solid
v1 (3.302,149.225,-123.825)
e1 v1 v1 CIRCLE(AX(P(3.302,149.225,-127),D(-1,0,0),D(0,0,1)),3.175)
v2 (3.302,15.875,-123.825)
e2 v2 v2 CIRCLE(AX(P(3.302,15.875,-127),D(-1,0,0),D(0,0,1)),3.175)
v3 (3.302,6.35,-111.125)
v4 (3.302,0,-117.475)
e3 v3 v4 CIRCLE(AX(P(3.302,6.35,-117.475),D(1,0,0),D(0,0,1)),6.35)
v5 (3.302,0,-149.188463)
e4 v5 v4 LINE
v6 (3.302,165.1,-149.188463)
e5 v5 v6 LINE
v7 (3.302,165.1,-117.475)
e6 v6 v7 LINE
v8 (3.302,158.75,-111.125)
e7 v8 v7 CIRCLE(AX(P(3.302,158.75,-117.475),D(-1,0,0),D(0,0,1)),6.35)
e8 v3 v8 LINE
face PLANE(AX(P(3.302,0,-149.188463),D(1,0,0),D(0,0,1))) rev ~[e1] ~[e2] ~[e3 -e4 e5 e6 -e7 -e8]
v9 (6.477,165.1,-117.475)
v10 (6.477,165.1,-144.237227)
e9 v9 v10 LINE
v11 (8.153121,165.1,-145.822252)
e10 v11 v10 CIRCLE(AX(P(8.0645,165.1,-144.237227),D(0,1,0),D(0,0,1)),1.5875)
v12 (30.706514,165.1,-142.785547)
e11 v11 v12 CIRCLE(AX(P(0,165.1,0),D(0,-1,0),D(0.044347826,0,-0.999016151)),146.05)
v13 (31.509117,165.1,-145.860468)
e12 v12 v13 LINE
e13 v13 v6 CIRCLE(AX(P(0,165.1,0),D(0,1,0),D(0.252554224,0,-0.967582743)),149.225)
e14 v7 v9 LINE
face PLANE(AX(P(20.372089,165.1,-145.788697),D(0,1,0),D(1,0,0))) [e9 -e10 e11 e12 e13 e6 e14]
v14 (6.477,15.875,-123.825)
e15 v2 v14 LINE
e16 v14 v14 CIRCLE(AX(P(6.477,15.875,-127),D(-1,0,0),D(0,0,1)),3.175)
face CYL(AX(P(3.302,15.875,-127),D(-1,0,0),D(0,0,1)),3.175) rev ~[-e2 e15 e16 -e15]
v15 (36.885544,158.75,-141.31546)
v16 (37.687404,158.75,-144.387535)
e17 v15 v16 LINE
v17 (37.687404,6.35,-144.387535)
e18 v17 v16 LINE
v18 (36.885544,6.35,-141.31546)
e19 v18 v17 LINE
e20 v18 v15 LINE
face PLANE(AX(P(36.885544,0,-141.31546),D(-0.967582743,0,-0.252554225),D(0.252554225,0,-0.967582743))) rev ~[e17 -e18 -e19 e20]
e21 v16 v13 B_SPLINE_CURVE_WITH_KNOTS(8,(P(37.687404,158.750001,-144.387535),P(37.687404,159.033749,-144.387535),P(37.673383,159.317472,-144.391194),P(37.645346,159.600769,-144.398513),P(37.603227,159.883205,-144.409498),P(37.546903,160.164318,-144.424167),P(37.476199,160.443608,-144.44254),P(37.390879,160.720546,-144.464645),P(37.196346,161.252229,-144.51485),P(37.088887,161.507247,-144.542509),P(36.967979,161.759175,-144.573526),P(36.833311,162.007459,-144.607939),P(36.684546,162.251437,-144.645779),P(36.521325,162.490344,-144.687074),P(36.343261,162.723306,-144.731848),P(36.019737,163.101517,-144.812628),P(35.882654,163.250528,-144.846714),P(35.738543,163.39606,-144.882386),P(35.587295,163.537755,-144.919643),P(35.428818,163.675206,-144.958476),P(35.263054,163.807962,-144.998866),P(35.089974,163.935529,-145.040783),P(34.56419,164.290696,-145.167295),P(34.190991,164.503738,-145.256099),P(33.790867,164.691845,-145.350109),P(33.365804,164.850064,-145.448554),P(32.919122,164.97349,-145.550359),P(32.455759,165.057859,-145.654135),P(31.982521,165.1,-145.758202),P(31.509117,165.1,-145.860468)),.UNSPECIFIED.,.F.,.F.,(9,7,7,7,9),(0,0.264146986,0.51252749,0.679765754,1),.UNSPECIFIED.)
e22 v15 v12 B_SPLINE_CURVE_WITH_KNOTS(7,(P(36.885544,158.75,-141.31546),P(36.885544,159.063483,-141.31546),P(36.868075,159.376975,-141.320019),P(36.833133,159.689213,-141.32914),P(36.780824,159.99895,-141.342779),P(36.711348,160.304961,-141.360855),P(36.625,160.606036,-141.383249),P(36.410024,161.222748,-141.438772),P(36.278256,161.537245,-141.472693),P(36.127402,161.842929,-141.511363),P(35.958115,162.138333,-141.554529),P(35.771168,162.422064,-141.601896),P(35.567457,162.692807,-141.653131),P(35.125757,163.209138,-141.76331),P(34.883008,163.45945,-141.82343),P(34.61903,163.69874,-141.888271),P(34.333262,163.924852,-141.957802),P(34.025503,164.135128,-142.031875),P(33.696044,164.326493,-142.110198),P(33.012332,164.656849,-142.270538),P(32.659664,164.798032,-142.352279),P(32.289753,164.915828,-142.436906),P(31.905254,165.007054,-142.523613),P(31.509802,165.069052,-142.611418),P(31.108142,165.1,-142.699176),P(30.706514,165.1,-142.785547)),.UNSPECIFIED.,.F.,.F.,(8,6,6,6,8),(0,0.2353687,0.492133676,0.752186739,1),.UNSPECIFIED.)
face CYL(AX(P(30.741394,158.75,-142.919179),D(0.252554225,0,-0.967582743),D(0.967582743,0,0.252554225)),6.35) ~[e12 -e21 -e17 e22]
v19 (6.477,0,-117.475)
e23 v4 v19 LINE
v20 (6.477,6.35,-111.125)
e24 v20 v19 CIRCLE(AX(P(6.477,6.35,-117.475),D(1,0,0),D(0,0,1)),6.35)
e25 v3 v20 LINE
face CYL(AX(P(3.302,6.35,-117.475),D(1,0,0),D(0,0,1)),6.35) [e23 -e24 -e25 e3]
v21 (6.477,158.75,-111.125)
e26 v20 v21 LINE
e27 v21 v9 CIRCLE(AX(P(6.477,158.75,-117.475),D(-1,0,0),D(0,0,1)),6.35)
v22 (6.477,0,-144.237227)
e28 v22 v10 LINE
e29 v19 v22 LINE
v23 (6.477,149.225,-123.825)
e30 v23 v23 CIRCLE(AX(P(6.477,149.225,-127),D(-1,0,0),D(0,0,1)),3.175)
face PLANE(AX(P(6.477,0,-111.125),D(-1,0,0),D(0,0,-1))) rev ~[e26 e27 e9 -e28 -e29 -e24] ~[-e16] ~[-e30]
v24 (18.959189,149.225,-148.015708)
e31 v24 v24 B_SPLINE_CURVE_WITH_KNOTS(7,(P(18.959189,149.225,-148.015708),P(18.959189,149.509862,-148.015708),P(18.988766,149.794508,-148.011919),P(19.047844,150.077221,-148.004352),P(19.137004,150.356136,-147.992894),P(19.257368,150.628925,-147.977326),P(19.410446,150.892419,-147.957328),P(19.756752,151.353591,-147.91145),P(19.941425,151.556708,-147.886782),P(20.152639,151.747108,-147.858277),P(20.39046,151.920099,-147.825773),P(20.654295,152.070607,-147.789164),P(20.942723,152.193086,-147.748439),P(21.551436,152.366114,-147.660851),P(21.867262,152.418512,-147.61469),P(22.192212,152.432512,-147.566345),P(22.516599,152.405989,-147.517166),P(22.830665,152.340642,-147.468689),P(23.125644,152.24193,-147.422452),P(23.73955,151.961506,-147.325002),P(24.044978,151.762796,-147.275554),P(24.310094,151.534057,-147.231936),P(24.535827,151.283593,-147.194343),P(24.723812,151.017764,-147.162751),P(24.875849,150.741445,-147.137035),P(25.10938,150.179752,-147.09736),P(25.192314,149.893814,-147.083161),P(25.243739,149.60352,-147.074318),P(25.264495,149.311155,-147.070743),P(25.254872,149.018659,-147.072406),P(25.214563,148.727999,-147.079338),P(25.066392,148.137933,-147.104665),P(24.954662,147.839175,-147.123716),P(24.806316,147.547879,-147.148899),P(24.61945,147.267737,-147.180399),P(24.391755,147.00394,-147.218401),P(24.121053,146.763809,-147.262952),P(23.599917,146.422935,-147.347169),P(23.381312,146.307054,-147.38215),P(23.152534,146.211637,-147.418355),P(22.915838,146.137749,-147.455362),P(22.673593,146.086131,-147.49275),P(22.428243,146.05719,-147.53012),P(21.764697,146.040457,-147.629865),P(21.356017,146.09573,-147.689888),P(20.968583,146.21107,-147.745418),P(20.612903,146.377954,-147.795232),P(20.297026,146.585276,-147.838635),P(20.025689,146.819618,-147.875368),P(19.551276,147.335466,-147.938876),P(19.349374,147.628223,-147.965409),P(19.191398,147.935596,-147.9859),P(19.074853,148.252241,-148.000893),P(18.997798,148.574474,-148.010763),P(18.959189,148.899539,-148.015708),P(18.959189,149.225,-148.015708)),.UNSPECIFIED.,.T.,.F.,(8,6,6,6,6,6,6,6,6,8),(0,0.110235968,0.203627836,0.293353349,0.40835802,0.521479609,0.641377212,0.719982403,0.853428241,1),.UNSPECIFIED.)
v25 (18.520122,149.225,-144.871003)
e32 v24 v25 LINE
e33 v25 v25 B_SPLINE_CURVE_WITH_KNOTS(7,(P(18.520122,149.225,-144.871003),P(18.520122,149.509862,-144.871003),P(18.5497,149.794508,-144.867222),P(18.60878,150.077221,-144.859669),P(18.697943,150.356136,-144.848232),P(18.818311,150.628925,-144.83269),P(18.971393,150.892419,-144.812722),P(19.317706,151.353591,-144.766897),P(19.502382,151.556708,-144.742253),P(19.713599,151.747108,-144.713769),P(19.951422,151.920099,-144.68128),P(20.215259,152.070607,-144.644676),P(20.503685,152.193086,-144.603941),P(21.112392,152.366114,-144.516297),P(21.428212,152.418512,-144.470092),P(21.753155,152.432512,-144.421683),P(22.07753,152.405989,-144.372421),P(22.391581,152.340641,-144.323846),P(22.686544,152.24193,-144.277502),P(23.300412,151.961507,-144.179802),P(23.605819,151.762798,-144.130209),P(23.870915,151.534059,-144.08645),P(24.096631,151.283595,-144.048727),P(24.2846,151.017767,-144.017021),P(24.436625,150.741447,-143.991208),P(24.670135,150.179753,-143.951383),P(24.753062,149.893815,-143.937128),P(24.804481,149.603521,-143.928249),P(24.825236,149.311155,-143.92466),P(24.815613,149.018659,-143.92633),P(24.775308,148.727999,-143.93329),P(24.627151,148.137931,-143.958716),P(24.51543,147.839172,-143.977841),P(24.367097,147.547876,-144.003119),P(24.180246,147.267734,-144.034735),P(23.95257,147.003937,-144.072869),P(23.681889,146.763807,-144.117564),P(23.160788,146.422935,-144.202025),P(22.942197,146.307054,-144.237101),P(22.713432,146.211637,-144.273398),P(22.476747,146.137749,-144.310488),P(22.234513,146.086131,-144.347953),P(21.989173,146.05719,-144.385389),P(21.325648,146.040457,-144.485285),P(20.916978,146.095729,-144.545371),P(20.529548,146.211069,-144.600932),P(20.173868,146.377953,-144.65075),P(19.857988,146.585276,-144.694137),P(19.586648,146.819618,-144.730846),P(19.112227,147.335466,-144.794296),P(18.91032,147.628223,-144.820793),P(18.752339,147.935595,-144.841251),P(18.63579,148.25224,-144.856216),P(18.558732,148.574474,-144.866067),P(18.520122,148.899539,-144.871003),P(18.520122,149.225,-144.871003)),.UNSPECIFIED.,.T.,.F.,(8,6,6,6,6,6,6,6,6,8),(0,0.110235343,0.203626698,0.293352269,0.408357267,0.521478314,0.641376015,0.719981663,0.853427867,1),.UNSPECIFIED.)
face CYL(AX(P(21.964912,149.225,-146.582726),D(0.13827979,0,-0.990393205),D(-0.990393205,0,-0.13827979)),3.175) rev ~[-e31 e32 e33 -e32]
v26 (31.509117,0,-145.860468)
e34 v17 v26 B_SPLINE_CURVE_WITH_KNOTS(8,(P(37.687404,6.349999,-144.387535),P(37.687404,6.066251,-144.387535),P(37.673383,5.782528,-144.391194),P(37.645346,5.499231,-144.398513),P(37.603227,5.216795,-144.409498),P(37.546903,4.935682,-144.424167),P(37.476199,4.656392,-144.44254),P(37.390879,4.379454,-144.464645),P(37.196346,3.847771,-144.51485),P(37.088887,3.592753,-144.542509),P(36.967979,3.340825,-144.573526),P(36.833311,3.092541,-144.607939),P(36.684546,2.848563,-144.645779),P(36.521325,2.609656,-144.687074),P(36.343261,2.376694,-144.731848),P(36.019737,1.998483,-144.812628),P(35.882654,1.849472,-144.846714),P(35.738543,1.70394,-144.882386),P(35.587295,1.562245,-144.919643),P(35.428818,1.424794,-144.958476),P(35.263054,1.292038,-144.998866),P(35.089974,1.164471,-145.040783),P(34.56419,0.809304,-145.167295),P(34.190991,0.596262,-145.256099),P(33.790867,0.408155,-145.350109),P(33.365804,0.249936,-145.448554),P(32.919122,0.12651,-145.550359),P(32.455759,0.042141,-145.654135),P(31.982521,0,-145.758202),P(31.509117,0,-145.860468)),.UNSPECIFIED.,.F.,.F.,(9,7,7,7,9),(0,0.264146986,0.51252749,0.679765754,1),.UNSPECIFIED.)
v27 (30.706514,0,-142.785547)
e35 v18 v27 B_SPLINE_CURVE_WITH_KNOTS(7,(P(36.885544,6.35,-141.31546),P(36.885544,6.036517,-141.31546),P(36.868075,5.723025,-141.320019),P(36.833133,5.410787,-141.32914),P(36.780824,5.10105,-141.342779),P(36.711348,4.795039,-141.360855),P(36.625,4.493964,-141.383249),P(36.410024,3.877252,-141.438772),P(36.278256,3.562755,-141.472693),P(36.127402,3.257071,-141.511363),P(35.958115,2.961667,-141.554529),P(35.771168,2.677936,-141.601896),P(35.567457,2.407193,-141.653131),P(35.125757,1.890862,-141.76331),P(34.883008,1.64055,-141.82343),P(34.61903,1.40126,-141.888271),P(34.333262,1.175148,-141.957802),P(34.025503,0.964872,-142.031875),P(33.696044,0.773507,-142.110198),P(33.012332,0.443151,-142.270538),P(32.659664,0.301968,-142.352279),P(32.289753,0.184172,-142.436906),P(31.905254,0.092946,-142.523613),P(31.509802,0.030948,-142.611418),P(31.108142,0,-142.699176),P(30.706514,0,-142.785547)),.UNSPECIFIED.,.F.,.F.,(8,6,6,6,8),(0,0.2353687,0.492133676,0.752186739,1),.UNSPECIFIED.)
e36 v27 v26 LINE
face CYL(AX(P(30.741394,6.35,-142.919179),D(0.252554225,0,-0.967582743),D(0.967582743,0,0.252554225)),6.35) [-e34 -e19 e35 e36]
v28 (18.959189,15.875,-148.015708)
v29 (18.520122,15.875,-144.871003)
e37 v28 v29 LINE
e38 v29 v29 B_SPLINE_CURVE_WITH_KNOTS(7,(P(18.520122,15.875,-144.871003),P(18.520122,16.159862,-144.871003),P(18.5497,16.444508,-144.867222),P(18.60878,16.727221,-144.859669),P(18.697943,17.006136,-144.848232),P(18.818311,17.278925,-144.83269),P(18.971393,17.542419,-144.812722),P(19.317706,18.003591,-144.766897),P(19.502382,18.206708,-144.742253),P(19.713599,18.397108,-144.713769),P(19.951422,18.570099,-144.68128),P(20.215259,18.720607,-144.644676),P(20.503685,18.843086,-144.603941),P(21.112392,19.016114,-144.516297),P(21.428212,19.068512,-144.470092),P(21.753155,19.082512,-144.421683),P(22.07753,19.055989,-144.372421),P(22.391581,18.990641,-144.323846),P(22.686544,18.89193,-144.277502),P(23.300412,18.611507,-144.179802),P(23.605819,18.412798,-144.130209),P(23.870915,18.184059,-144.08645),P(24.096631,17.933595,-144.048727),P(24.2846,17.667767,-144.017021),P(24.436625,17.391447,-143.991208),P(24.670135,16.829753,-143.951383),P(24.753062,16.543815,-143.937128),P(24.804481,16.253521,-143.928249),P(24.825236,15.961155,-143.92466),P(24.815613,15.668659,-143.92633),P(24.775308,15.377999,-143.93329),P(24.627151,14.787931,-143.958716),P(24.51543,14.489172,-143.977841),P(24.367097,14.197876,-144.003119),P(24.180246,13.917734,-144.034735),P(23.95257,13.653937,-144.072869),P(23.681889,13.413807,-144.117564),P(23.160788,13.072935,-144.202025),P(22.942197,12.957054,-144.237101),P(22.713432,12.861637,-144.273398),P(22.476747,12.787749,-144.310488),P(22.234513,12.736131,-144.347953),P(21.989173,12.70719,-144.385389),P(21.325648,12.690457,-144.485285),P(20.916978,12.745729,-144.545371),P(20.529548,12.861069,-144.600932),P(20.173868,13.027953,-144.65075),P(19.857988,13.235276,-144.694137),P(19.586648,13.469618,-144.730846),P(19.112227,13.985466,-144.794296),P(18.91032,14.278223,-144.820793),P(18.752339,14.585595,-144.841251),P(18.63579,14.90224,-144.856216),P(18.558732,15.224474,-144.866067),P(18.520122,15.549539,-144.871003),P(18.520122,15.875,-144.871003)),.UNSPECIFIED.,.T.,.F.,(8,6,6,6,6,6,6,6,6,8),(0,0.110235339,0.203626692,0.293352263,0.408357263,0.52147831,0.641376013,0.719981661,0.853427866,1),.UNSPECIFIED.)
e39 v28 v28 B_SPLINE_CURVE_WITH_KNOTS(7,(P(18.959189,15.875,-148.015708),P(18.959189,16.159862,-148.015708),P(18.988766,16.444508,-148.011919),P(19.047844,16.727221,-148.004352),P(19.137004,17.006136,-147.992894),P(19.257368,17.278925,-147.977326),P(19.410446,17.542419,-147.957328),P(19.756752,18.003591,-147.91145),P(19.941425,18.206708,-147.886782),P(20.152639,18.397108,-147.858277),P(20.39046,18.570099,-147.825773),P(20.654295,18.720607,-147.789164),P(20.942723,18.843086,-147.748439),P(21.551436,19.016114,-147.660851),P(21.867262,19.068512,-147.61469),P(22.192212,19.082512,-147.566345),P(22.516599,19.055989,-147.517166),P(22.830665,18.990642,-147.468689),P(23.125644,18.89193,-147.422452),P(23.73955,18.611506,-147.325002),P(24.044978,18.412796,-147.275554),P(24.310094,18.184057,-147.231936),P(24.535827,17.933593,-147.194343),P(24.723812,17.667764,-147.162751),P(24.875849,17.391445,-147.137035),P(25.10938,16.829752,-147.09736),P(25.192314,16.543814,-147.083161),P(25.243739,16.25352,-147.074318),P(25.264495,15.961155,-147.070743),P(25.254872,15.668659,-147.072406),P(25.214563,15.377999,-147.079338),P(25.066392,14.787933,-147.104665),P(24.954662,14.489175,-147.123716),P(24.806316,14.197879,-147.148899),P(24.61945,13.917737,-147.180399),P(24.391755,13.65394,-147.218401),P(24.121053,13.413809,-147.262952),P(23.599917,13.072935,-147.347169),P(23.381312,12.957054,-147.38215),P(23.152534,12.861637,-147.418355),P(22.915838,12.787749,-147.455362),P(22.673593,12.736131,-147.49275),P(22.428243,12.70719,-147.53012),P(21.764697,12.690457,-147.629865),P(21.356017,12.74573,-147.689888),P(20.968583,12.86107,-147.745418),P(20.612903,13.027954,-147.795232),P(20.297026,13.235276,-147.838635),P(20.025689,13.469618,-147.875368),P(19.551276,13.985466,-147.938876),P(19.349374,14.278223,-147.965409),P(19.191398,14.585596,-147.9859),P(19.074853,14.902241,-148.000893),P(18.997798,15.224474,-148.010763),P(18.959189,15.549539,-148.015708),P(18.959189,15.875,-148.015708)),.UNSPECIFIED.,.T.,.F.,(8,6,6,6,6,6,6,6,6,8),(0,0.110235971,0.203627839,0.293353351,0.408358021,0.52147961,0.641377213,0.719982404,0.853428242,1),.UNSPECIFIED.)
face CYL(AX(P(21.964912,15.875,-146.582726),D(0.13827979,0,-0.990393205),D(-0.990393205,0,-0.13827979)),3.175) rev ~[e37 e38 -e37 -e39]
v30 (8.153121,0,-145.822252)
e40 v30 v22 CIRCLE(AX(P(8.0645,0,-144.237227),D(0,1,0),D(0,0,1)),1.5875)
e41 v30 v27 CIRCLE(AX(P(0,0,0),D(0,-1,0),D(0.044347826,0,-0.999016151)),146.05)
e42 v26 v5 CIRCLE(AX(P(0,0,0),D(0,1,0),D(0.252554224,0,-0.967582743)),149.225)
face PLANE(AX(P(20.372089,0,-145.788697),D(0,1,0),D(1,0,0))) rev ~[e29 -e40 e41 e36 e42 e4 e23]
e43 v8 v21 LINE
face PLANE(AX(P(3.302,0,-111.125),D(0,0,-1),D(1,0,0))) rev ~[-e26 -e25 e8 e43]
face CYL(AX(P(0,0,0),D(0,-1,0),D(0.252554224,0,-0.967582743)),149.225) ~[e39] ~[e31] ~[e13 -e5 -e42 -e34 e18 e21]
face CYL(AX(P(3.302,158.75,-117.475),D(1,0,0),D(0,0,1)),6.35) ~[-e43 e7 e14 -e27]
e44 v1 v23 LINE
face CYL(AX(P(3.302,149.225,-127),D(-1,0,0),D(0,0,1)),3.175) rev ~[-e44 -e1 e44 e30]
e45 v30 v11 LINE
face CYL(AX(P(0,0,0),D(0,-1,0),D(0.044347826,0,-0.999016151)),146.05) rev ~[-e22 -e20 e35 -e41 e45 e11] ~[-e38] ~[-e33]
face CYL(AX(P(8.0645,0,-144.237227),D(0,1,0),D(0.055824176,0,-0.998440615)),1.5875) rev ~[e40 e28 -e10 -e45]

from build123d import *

# Parameters (mm, degrees)
BOSS_EXTRUDE1_DEPTH            = 165.1
FILLET1_R                      = 6.35
FILLET2_R                      = 1.5875
SKETCH2_R                      = 3.175
CUT_EXTRUDE1_DEPTH             = 35.385404243
CUT_EXTRUDE2_REACH             = 39.698
SKETCH3_R                      = 3.175
CUT_EXTRUDE2_DIRECTION_2_REACH = 6.755


with BuildPart() as part:
    # Sketch1 → Boss-Extrude1 (new body)
    with BuildSketch(Plane(origin=(0, 0, 0), x_dir=(1, 0, 0), z_dir=(0, 1, 0))):
        with BuildLine():
            ThreePointArc((6.477, 145.90630888), (21.802443449, 144.413489535), (36.88554448, 141.315459552))
            Line((36.88554448, 141.315459552), (37.687404143, 144.38753476))
            ThreePointArc((37.687404143, 144.38753476), (20.634801681, 147.791425951), (3.302, 149.188462761))
            Line((3.302, 149.188462761), (3.302, 146.012668272))
            ThreePointArc((3.302, 146.012668272), (4.889789191, 145.968121388), (6.477, 145.90630888))
        make_face()
        with BuildLine():
            Line((3.302, 146.012668272), (3.302, 111.125))
            Line((3.302, 111.125), (6.477, 111.125))
            Line((6.477, 111.125), (6.477, 145.90630888))
            ThreePointArc((6.477, 145.90630888), (4.889789191, 145.968121388), (3.302, 146.012668272))
        make_face()
    extrude(amount=BOSS_EXTRUDE1_DEPTH)

    # Fillet1
    fillet1_edges = [part.edges().sort_by_distance(p)[0] for p in [
        (37.286474311, 165.1, -142.851497156),
        (4.8895, 165.1, -111.125),
        (4.8895, 0, -111.125),
        (37.286474311, 0, -142.851497156),
    ]]
    fillet(fillet1_edges, radius=FILLET1_R)

    # Fillet2
    fillet2_edges = [part.edges().sort_by_distance(p)[0] for p in [
        (6.477, 82.55, -145.90630888),
    ]]
    fillet(fillet2_edges, radius=FILLET2_R)

    # Sketch2 → Cut-Extrude1 (cut, through all)
    with BuildSketch(Plane.ZY.offset(-3.302)):
        with Locations((-127, 15.875)):
            Circle(SKETCH2_R)
        with Locations((-127, 149.225)):
            Circle(SKETCH2_R)
    extrude(amount=-CUT_EXTRUDE1_DEPTH, mode=Mode.SUBTRACT)

    # Sketch3 → Cut-Extrude2 (cut, up to next)
    with BuildSketch(Plane(origin=(20.494702071, 0, -146.78799876), x_dir=(-0.990393205, 0, -0.13827979), z_dir=(0.13827979, 0, -0.990393205)), mode=Mode.PRIVATE) as cut_extrude2_sk1:
        with Locations((-1.484470958, 15.875)):
            Circle(SKETCH3_R)
    cut_extrude2_tool1 = extrude(cut_extrude2_sk1.sketch, amount=-CUT_EXTRUDE2_REACH, mode=Mode.PRIVATE) & part.part
    add(cut_extrude2_tool1.solids().sort_by_distance((21.964912, 15.875, -146.582726))[0], mode=Mode.SUBTRACT)
    # Sketch3 → Cut-Extrude2 (cut, up to next)
    with BuildSketch(Plane(origin=(20.494702071, 0, -146.78799876), x_dir=(-0.990393205, 0, -0.13827979), z_dir=(0.13827979, 0, -0.990393205)), mode=Mode.PRIVATE) as cut_extrude2_sk2:
        with Locations((-1.484470958, 149.225)):
            Circle(SKETCH3_R)
    cut_extrude2_tool2 = extrude(cut_extrude2_sk2.sketch, amount=-CUT_EXTRUDE2_REACH, mode=Mode.PRIVATE) & part.part
    add(cut_extrude2_tool2.solids().sort_by_distance((21.964912, 149.225, -146.582726))[0], mode=Mode.SUBTRACT)

    # Sketch3 → Cut-Extrude2 direction 2 (cut, up to next)
    with BuildSketch(Plane(origin=(20.494702071, 0, -146.78799876), x_dir=(-0.990393205, 0, -0.13827979), z_dir=(0.13827979, 0, -0.990393205)), mode=Mode.PRIVATE) as cut_extrude2_direction_2_sk1:
        with Locations((-1.484470958, 15.875)):
            Circle(SKETCH3_R)
    cut_extrude2_direction_2_tool1 = extrude(cut_extrude2_direction_2_sk1.sketch, amount=CUT_EXTRUDE2_DIRECTION_2_REACH, mode=Mode.PRIVATE) & part.part
    add(cut_extrude2_direction_2_tool1.solids().sort_by_distance((21.964912, 15.875, -146.582726))[0], mode=Mode.SUBTRACT)
    # Sketch3 → Cut-Extrude2 direction 2 (cut, up to next)
    with BuildSketch(Plane(origin=(20.494702071, 0, -146.78799876), x_dir=(-0.990393205, 0, -0.13827979), z_dir=(0.13827979, 0, -0.990393205)), mode=Mode.PRIVATE) as cut_extrude2_direction_2_sk2:
        with Locations((-1.484470958, 149.225)):
            Circle(SKETCH3_R)
    cut_extrude2_direction_2_tool2 = extrude(cut_extrude2_direction_2_sk2.sketch, amount=CUT_EXTRUDE2_DIRECTION_2_REACH, mode=Mode.PRIVATE) & part.part
    add(cut_extrude2_direction_2_tool2.solids().sort_by_distance((21.964912, 149.225, -146.582726))[0], mode=Mode.SUBTRACT)


solid = part.part
